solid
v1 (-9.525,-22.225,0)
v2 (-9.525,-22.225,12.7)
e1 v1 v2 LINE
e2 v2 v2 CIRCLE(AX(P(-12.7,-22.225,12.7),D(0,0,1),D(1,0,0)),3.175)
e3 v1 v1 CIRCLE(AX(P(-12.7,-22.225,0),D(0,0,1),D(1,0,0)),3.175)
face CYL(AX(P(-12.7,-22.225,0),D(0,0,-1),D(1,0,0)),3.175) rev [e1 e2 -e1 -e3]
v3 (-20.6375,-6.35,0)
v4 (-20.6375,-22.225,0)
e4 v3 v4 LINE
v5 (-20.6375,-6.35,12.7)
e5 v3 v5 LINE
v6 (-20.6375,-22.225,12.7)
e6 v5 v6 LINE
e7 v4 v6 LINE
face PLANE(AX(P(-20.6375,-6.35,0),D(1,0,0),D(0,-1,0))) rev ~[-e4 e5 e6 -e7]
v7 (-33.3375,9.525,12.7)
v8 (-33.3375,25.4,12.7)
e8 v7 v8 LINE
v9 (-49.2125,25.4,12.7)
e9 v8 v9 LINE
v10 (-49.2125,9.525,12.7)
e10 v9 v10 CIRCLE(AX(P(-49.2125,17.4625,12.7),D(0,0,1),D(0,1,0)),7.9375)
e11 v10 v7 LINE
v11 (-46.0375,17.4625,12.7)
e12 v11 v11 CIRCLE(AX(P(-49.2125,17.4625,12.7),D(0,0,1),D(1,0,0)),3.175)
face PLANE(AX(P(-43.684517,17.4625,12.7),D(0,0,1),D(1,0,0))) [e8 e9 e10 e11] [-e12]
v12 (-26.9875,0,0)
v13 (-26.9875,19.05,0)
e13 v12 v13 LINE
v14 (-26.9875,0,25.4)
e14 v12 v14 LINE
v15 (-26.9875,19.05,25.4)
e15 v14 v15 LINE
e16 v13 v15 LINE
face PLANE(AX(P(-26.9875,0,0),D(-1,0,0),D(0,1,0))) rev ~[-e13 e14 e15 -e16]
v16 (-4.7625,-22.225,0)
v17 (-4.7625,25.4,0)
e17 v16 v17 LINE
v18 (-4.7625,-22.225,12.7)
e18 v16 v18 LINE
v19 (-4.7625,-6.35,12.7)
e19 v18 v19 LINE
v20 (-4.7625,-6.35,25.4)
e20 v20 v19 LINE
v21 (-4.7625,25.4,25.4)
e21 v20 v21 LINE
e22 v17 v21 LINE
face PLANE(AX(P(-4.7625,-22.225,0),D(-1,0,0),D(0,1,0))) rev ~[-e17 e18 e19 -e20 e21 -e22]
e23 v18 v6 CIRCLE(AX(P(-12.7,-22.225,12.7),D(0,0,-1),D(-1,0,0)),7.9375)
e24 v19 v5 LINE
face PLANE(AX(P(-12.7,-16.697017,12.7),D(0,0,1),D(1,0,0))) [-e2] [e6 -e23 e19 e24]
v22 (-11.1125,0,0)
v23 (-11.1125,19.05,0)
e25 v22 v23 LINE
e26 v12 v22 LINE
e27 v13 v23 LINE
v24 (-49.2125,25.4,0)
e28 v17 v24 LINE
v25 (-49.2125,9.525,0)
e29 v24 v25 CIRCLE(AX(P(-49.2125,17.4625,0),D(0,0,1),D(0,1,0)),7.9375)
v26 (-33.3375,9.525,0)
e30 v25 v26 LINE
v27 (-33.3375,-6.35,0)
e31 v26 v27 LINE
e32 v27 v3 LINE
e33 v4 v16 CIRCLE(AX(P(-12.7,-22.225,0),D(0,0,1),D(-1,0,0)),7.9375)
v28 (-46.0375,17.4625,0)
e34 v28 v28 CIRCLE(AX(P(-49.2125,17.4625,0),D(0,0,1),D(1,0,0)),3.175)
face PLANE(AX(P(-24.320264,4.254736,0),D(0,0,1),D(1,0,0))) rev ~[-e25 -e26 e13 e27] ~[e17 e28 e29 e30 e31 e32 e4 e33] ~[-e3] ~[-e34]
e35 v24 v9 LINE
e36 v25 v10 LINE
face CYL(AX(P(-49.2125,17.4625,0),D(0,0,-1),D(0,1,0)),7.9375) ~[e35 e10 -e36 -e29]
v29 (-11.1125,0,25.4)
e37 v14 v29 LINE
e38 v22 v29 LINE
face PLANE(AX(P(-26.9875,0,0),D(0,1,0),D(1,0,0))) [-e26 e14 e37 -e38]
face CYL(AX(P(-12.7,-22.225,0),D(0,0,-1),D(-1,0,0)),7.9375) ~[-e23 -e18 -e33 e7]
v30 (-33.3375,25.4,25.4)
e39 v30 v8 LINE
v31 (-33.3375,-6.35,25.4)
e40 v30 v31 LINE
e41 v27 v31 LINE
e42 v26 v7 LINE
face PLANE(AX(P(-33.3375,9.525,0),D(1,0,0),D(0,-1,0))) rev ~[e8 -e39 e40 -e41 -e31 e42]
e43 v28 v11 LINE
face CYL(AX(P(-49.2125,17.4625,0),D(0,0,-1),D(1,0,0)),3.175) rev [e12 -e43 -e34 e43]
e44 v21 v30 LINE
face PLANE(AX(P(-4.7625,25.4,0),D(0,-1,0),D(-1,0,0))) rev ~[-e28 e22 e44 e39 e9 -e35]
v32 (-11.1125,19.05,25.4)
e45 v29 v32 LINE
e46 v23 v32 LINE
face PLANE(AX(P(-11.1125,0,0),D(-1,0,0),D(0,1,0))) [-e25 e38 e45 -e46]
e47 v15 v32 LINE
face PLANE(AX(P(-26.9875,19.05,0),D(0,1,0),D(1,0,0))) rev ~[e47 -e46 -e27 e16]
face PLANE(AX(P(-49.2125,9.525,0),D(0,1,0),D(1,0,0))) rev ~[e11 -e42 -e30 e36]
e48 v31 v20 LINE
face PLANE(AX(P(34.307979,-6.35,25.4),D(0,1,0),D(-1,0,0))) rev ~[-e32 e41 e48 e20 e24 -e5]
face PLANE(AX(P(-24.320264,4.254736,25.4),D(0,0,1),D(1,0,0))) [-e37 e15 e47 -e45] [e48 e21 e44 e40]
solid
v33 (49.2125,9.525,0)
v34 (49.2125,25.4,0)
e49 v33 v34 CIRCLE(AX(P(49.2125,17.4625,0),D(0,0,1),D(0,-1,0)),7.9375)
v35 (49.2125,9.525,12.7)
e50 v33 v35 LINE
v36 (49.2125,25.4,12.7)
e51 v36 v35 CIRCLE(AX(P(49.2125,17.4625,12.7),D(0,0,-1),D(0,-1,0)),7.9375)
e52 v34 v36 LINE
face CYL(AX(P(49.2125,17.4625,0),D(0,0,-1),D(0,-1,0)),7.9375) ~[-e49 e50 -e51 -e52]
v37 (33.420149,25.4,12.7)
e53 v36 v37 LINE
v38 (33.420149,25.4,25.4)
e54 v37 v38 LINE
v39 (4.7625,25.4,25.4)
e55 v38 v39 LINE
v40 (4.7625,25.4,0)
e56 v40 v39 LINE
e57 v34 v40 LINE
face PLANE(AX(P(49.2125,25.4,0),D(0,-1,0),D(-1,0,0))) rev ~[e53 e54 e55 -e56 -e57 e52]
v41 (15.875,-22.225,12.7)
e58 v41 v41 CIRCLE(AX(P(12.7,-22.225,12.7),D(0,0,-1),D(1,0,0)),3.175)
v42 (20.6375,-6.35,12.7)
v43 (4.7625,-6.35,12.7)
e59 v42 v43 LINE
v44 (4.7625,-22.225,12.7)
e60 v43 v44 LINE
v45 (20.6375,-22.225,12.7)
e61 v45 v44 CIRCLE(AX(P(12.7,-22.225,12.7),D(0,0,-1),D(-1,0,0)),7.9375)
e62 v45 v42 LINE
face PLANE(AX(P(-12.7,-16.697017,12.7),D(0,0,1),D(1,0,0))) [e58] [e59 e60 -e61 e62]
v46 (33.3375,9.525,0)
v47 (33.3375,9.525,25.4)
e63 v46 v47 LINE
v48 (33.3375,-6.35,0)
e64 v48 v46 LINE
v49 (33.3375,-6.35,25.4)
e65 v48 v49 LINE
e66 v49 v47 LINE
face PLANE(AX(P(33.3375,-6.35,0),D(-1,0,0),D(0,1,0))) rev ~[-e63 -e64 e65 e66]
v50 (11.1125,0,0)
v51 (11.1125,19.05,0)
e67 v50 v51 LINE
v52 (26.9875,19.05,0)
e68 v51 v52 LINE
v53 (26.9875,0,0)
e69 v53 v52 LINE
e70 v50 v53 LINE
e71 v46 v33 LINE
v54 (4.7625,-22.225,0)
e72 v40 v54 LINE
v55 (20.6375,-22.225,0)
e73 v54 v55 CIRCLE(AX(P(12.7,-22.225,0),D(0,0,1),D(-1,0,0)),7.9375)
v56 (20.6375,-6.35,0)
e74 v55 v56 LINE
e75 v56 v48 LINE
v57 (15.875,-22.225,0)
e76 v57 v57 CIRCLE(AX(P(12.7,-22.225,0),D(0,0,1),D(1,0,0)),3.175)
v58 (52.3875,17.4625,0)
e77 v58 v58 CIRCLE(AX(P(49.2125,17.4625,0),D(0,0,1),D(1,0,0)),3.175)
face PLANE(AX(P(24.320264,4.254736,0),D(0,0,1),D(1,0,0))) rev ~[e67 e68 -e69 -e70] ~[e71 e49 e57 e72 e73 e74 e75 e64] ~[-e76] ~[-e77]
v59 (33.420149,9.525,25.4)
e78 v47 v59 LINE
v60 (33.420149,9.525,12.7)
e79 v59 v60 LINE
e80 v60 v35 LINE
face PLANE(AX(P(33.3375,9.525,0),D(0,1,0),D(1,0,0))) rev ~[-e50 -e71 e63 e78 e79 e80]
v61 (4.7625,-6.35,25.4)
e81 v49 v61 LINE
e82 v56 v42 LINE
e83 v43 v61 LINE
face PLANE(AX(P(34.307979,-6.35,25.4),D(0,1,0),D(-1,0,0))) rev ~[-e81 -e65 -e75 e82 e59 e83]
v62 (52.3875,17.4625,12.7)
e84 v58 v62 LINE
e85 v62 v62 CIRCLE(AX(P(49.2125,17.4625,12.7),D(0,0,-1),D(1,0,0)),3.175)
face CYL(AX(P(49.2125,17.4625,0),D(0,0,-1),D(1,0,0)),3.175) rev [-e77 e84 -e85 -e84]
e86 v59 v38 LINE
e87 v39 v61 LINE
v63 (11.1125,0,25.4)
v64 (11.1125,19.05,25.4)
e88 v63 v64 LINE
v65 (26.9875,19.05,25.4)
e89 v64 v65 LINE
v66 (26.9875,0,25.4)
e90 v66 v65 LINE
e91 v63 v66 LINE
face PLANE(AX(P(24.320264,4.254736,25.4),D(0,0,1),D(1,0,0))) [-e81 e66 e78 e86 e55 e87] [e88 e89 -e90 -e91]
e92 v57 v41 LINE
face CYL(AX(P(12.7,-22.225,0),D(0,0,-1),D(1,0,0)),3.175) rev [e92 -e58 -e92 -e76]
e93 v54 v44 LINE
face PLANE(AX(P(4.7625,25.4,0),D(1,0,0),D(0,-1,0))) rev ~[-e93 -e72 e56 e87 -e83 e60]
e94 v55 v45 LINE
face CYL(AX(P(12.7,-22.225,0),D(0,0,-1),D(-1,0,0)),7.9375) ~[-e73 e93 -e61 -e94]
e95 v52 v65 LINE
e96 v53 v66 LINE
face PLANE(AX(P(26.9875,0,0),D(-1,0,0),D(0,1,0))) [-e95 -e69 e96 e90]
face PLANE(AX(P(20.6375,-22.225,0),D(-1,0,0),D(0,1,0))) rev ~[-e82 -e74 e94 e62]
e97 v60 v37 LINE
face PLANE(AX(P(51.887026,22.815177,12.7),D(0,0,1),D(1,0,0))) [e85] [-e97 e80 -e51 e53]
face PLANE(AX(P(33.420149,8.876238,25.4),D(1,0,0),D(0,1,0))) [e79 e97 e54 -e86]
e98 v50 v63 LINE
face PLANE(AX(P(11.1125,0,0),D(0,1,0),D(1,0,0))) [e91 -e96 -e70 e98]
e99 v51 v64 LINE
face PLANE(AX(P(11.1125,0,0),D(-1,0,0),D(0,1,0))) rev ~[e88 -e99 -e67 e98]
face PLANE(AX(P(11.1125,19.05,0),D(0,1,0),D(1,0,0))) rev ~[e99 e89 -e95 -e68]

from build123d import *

# Parameters (mm, degrees)
F0_R     = 3.175
F0_W     = 15.875
F0_H     = 19.05
F1_DEPTH = 25.4
F2_R     = 3.175
F2_W     = 36.9337536395
F2_H     = 27.8778783977
F3_DEPTH = 12.7


with BuildPart() as f1:
    # F0 (on Top) → F1 (new body)
    with BuildSketch(Plane.XY):
        with BuildLine():
            Line((-4.7625, -22.2249999642), (-4.7625, -6.3499999642))
            Line((-4.7625, -6.3499999642), (-4.7625, 25.4000000358))
            Line((-4.7625, 25.4000000358), (-33.3375, 25.4000000358))
            Line((-33.3375, 25.4000000358), (-49.2125, 25.4000000358))
            ThreePointArc((-49.2125, 25.4000000358), (-57.15, 17.4625000358), (-49.2125, 9.5250000358))
            Line((-49.2125, 9.5250000358), (-33.3375, 9.5250000358))
            Line((-33.3375, 9.5250000358), (-33.3375, -6.3499999642))
            Line((-33.3375, -6.3499999642), (-20.6375, -6.3499999642))
            Line((-20.6375, -6.3499999642), (-20.6375, -22.2249999642))
            ThreePointArc((-20.6375, -22.2249999642), (-12.7, -30.1624999642), (-4.7625, -22.2249999642))
        make_face()
        with Locations((-12.7, -22.2249999642)):
            Circle(F0_R, mode=Mode.SUBTRACT)
        with Locations((-19.05, 9.5250000358)):
            Rectangle(F0_W, F0_H, mode=Mode.SUBTRACT)
        with Locations((-49.2125, 17.4625000358)):
            Circle(F0_R, mode=Mode.SUBTRACT)
    extrude(amount=F1_DEPTH)


with BuildPart() as f1b:
    # F0 (on Top) → F1, piece 2 (new body)
    with BuildSketch(Plane.XY):
        with BuildLine():
            Line((4.7625, 25.4000000358), (4.7625, -6.3499999642))
            Line((4.7625, -6.3499999642), (4.7625, -22.2249999642))
            ThreePointArc((4.7625, -22.2249999642), (12.7, -30.1624999642), (20.6375, -22.2249999642))
            Line((20.6375, -22.2249999642), (20.6375, -6.3499999642))
            Line((20.6375, -6.3499999642), (33.3375, -6.3499999642))
            Line((33.3375, -6.3499999642), (33.3375, 9.5250000358))
            Line((33.3375, 9.5250000358), (49.2125, 9.5250000358))
            ThreePointArc((49.2125, 9.5250000358), (57.15, 17.4625000358), (49.2125, 25.4000000358))
            Line((49.2125, 25.4000000358), (33.3375, 25.4000000358))
            Line((33.3375, 25.4000000358), (4.7625, 25.4000000358))
        make_face()
        with Locations((12.7, -22.2249999642)):
            Circle(F0_R, mode=Mode.SUBTRACT)
        with Locations((19.05, 9.5250000358)):
            Rectangle(F0_W, F0_H, mode=Mode.SUBTRACT)
        with Locations((49.2125, 17.4625000358)):
            Circle(F0_R, mode=Mode.SUBTRACT)
    extrude(amount=F1_DEPTH)


with BuildPart() as f3_tool:
    # F2 (on face) → F3 (new body)
    with BuildSketch(Plane.XY.offset(25.4)):
        with BuildLine():
            Line((-49.2125, 9.5250000358), (-33.3375, 9.5250000358))
            Line((-33.3375, 9.5250000358), (-33.3375, 25.4000000358))
            Line((-33.3375, 25.4000000358), (-49.2125, 25.4000000358))
            ThreePointArc((-49.2125, 25.4000000358), (-57.15, 17.4625000358), (-49.2125, 9.5250000358))
        make_face()
        with Locations((-49.2125, 17.4625000358)):
            Circle(F2_R, mode=Mode.SUBTRACT)
        with BuildLine():
            Line((-20.6375, -6.3499999642), (-20.6375, -22.2249999642))
            ThreePointArc((-20.6375, -22.2249999642), (-12.7, -30.1624999642), (-4.7625, -22.2249999642))
            Line((-4.7625, -22.2249999642), (-4.7625, -6.3499999642))
            Line((-4.7625, -6.3499999642), (-20.6375, -6.3499999642))
        make_face()
        with Locations((-12.7, -22.2249999642)):
            Circle(F2_R, mode=Mode.SUBTRACT)
        with BuildLine():
            Line((-20.6375, -22.2249999642), (-20.6375, -35.4340933263))
            Line((-20.6375, -35.4340933263), (0, -35.4340933263))
            Line((0, -35.4340933263), (34.3079790473, -35.6928557158))
            Line((34.3079790473, -35.6928557158), (34.3079790473, -6.3499999642))
            Line((34.3079790473, -6.3499999642), (-4.7625, -6.3499999642))
            Line((-4.7625, -6.3499999642), (-4.7625, -22.2249999642))
            ThreePointArc((-4.7625, -22.2249999642), (-12.7, -30.1624999642), (-20.6375, -22.2249999642))
        make_face()
        with Locations((51.8870260566, 22.8151772171)):
            Rectangle(F2_W, F2_H)
    extrude(amount=-F3_DEPTH)


with BuildPart() as f1_1:
    add(f1.part)

    # F3: cut by f3_tool
    add(f3_tool.part, mode=Mode.SUBTRACT)


with BuildPart() as f1b_1:
    add(f1b.part)

    # F3: cut by f3_tool
    add(f3_tool.part, mode=Mode.SUBTRACT)


solid = Compound([f1_1.part, f1b_1.part])
